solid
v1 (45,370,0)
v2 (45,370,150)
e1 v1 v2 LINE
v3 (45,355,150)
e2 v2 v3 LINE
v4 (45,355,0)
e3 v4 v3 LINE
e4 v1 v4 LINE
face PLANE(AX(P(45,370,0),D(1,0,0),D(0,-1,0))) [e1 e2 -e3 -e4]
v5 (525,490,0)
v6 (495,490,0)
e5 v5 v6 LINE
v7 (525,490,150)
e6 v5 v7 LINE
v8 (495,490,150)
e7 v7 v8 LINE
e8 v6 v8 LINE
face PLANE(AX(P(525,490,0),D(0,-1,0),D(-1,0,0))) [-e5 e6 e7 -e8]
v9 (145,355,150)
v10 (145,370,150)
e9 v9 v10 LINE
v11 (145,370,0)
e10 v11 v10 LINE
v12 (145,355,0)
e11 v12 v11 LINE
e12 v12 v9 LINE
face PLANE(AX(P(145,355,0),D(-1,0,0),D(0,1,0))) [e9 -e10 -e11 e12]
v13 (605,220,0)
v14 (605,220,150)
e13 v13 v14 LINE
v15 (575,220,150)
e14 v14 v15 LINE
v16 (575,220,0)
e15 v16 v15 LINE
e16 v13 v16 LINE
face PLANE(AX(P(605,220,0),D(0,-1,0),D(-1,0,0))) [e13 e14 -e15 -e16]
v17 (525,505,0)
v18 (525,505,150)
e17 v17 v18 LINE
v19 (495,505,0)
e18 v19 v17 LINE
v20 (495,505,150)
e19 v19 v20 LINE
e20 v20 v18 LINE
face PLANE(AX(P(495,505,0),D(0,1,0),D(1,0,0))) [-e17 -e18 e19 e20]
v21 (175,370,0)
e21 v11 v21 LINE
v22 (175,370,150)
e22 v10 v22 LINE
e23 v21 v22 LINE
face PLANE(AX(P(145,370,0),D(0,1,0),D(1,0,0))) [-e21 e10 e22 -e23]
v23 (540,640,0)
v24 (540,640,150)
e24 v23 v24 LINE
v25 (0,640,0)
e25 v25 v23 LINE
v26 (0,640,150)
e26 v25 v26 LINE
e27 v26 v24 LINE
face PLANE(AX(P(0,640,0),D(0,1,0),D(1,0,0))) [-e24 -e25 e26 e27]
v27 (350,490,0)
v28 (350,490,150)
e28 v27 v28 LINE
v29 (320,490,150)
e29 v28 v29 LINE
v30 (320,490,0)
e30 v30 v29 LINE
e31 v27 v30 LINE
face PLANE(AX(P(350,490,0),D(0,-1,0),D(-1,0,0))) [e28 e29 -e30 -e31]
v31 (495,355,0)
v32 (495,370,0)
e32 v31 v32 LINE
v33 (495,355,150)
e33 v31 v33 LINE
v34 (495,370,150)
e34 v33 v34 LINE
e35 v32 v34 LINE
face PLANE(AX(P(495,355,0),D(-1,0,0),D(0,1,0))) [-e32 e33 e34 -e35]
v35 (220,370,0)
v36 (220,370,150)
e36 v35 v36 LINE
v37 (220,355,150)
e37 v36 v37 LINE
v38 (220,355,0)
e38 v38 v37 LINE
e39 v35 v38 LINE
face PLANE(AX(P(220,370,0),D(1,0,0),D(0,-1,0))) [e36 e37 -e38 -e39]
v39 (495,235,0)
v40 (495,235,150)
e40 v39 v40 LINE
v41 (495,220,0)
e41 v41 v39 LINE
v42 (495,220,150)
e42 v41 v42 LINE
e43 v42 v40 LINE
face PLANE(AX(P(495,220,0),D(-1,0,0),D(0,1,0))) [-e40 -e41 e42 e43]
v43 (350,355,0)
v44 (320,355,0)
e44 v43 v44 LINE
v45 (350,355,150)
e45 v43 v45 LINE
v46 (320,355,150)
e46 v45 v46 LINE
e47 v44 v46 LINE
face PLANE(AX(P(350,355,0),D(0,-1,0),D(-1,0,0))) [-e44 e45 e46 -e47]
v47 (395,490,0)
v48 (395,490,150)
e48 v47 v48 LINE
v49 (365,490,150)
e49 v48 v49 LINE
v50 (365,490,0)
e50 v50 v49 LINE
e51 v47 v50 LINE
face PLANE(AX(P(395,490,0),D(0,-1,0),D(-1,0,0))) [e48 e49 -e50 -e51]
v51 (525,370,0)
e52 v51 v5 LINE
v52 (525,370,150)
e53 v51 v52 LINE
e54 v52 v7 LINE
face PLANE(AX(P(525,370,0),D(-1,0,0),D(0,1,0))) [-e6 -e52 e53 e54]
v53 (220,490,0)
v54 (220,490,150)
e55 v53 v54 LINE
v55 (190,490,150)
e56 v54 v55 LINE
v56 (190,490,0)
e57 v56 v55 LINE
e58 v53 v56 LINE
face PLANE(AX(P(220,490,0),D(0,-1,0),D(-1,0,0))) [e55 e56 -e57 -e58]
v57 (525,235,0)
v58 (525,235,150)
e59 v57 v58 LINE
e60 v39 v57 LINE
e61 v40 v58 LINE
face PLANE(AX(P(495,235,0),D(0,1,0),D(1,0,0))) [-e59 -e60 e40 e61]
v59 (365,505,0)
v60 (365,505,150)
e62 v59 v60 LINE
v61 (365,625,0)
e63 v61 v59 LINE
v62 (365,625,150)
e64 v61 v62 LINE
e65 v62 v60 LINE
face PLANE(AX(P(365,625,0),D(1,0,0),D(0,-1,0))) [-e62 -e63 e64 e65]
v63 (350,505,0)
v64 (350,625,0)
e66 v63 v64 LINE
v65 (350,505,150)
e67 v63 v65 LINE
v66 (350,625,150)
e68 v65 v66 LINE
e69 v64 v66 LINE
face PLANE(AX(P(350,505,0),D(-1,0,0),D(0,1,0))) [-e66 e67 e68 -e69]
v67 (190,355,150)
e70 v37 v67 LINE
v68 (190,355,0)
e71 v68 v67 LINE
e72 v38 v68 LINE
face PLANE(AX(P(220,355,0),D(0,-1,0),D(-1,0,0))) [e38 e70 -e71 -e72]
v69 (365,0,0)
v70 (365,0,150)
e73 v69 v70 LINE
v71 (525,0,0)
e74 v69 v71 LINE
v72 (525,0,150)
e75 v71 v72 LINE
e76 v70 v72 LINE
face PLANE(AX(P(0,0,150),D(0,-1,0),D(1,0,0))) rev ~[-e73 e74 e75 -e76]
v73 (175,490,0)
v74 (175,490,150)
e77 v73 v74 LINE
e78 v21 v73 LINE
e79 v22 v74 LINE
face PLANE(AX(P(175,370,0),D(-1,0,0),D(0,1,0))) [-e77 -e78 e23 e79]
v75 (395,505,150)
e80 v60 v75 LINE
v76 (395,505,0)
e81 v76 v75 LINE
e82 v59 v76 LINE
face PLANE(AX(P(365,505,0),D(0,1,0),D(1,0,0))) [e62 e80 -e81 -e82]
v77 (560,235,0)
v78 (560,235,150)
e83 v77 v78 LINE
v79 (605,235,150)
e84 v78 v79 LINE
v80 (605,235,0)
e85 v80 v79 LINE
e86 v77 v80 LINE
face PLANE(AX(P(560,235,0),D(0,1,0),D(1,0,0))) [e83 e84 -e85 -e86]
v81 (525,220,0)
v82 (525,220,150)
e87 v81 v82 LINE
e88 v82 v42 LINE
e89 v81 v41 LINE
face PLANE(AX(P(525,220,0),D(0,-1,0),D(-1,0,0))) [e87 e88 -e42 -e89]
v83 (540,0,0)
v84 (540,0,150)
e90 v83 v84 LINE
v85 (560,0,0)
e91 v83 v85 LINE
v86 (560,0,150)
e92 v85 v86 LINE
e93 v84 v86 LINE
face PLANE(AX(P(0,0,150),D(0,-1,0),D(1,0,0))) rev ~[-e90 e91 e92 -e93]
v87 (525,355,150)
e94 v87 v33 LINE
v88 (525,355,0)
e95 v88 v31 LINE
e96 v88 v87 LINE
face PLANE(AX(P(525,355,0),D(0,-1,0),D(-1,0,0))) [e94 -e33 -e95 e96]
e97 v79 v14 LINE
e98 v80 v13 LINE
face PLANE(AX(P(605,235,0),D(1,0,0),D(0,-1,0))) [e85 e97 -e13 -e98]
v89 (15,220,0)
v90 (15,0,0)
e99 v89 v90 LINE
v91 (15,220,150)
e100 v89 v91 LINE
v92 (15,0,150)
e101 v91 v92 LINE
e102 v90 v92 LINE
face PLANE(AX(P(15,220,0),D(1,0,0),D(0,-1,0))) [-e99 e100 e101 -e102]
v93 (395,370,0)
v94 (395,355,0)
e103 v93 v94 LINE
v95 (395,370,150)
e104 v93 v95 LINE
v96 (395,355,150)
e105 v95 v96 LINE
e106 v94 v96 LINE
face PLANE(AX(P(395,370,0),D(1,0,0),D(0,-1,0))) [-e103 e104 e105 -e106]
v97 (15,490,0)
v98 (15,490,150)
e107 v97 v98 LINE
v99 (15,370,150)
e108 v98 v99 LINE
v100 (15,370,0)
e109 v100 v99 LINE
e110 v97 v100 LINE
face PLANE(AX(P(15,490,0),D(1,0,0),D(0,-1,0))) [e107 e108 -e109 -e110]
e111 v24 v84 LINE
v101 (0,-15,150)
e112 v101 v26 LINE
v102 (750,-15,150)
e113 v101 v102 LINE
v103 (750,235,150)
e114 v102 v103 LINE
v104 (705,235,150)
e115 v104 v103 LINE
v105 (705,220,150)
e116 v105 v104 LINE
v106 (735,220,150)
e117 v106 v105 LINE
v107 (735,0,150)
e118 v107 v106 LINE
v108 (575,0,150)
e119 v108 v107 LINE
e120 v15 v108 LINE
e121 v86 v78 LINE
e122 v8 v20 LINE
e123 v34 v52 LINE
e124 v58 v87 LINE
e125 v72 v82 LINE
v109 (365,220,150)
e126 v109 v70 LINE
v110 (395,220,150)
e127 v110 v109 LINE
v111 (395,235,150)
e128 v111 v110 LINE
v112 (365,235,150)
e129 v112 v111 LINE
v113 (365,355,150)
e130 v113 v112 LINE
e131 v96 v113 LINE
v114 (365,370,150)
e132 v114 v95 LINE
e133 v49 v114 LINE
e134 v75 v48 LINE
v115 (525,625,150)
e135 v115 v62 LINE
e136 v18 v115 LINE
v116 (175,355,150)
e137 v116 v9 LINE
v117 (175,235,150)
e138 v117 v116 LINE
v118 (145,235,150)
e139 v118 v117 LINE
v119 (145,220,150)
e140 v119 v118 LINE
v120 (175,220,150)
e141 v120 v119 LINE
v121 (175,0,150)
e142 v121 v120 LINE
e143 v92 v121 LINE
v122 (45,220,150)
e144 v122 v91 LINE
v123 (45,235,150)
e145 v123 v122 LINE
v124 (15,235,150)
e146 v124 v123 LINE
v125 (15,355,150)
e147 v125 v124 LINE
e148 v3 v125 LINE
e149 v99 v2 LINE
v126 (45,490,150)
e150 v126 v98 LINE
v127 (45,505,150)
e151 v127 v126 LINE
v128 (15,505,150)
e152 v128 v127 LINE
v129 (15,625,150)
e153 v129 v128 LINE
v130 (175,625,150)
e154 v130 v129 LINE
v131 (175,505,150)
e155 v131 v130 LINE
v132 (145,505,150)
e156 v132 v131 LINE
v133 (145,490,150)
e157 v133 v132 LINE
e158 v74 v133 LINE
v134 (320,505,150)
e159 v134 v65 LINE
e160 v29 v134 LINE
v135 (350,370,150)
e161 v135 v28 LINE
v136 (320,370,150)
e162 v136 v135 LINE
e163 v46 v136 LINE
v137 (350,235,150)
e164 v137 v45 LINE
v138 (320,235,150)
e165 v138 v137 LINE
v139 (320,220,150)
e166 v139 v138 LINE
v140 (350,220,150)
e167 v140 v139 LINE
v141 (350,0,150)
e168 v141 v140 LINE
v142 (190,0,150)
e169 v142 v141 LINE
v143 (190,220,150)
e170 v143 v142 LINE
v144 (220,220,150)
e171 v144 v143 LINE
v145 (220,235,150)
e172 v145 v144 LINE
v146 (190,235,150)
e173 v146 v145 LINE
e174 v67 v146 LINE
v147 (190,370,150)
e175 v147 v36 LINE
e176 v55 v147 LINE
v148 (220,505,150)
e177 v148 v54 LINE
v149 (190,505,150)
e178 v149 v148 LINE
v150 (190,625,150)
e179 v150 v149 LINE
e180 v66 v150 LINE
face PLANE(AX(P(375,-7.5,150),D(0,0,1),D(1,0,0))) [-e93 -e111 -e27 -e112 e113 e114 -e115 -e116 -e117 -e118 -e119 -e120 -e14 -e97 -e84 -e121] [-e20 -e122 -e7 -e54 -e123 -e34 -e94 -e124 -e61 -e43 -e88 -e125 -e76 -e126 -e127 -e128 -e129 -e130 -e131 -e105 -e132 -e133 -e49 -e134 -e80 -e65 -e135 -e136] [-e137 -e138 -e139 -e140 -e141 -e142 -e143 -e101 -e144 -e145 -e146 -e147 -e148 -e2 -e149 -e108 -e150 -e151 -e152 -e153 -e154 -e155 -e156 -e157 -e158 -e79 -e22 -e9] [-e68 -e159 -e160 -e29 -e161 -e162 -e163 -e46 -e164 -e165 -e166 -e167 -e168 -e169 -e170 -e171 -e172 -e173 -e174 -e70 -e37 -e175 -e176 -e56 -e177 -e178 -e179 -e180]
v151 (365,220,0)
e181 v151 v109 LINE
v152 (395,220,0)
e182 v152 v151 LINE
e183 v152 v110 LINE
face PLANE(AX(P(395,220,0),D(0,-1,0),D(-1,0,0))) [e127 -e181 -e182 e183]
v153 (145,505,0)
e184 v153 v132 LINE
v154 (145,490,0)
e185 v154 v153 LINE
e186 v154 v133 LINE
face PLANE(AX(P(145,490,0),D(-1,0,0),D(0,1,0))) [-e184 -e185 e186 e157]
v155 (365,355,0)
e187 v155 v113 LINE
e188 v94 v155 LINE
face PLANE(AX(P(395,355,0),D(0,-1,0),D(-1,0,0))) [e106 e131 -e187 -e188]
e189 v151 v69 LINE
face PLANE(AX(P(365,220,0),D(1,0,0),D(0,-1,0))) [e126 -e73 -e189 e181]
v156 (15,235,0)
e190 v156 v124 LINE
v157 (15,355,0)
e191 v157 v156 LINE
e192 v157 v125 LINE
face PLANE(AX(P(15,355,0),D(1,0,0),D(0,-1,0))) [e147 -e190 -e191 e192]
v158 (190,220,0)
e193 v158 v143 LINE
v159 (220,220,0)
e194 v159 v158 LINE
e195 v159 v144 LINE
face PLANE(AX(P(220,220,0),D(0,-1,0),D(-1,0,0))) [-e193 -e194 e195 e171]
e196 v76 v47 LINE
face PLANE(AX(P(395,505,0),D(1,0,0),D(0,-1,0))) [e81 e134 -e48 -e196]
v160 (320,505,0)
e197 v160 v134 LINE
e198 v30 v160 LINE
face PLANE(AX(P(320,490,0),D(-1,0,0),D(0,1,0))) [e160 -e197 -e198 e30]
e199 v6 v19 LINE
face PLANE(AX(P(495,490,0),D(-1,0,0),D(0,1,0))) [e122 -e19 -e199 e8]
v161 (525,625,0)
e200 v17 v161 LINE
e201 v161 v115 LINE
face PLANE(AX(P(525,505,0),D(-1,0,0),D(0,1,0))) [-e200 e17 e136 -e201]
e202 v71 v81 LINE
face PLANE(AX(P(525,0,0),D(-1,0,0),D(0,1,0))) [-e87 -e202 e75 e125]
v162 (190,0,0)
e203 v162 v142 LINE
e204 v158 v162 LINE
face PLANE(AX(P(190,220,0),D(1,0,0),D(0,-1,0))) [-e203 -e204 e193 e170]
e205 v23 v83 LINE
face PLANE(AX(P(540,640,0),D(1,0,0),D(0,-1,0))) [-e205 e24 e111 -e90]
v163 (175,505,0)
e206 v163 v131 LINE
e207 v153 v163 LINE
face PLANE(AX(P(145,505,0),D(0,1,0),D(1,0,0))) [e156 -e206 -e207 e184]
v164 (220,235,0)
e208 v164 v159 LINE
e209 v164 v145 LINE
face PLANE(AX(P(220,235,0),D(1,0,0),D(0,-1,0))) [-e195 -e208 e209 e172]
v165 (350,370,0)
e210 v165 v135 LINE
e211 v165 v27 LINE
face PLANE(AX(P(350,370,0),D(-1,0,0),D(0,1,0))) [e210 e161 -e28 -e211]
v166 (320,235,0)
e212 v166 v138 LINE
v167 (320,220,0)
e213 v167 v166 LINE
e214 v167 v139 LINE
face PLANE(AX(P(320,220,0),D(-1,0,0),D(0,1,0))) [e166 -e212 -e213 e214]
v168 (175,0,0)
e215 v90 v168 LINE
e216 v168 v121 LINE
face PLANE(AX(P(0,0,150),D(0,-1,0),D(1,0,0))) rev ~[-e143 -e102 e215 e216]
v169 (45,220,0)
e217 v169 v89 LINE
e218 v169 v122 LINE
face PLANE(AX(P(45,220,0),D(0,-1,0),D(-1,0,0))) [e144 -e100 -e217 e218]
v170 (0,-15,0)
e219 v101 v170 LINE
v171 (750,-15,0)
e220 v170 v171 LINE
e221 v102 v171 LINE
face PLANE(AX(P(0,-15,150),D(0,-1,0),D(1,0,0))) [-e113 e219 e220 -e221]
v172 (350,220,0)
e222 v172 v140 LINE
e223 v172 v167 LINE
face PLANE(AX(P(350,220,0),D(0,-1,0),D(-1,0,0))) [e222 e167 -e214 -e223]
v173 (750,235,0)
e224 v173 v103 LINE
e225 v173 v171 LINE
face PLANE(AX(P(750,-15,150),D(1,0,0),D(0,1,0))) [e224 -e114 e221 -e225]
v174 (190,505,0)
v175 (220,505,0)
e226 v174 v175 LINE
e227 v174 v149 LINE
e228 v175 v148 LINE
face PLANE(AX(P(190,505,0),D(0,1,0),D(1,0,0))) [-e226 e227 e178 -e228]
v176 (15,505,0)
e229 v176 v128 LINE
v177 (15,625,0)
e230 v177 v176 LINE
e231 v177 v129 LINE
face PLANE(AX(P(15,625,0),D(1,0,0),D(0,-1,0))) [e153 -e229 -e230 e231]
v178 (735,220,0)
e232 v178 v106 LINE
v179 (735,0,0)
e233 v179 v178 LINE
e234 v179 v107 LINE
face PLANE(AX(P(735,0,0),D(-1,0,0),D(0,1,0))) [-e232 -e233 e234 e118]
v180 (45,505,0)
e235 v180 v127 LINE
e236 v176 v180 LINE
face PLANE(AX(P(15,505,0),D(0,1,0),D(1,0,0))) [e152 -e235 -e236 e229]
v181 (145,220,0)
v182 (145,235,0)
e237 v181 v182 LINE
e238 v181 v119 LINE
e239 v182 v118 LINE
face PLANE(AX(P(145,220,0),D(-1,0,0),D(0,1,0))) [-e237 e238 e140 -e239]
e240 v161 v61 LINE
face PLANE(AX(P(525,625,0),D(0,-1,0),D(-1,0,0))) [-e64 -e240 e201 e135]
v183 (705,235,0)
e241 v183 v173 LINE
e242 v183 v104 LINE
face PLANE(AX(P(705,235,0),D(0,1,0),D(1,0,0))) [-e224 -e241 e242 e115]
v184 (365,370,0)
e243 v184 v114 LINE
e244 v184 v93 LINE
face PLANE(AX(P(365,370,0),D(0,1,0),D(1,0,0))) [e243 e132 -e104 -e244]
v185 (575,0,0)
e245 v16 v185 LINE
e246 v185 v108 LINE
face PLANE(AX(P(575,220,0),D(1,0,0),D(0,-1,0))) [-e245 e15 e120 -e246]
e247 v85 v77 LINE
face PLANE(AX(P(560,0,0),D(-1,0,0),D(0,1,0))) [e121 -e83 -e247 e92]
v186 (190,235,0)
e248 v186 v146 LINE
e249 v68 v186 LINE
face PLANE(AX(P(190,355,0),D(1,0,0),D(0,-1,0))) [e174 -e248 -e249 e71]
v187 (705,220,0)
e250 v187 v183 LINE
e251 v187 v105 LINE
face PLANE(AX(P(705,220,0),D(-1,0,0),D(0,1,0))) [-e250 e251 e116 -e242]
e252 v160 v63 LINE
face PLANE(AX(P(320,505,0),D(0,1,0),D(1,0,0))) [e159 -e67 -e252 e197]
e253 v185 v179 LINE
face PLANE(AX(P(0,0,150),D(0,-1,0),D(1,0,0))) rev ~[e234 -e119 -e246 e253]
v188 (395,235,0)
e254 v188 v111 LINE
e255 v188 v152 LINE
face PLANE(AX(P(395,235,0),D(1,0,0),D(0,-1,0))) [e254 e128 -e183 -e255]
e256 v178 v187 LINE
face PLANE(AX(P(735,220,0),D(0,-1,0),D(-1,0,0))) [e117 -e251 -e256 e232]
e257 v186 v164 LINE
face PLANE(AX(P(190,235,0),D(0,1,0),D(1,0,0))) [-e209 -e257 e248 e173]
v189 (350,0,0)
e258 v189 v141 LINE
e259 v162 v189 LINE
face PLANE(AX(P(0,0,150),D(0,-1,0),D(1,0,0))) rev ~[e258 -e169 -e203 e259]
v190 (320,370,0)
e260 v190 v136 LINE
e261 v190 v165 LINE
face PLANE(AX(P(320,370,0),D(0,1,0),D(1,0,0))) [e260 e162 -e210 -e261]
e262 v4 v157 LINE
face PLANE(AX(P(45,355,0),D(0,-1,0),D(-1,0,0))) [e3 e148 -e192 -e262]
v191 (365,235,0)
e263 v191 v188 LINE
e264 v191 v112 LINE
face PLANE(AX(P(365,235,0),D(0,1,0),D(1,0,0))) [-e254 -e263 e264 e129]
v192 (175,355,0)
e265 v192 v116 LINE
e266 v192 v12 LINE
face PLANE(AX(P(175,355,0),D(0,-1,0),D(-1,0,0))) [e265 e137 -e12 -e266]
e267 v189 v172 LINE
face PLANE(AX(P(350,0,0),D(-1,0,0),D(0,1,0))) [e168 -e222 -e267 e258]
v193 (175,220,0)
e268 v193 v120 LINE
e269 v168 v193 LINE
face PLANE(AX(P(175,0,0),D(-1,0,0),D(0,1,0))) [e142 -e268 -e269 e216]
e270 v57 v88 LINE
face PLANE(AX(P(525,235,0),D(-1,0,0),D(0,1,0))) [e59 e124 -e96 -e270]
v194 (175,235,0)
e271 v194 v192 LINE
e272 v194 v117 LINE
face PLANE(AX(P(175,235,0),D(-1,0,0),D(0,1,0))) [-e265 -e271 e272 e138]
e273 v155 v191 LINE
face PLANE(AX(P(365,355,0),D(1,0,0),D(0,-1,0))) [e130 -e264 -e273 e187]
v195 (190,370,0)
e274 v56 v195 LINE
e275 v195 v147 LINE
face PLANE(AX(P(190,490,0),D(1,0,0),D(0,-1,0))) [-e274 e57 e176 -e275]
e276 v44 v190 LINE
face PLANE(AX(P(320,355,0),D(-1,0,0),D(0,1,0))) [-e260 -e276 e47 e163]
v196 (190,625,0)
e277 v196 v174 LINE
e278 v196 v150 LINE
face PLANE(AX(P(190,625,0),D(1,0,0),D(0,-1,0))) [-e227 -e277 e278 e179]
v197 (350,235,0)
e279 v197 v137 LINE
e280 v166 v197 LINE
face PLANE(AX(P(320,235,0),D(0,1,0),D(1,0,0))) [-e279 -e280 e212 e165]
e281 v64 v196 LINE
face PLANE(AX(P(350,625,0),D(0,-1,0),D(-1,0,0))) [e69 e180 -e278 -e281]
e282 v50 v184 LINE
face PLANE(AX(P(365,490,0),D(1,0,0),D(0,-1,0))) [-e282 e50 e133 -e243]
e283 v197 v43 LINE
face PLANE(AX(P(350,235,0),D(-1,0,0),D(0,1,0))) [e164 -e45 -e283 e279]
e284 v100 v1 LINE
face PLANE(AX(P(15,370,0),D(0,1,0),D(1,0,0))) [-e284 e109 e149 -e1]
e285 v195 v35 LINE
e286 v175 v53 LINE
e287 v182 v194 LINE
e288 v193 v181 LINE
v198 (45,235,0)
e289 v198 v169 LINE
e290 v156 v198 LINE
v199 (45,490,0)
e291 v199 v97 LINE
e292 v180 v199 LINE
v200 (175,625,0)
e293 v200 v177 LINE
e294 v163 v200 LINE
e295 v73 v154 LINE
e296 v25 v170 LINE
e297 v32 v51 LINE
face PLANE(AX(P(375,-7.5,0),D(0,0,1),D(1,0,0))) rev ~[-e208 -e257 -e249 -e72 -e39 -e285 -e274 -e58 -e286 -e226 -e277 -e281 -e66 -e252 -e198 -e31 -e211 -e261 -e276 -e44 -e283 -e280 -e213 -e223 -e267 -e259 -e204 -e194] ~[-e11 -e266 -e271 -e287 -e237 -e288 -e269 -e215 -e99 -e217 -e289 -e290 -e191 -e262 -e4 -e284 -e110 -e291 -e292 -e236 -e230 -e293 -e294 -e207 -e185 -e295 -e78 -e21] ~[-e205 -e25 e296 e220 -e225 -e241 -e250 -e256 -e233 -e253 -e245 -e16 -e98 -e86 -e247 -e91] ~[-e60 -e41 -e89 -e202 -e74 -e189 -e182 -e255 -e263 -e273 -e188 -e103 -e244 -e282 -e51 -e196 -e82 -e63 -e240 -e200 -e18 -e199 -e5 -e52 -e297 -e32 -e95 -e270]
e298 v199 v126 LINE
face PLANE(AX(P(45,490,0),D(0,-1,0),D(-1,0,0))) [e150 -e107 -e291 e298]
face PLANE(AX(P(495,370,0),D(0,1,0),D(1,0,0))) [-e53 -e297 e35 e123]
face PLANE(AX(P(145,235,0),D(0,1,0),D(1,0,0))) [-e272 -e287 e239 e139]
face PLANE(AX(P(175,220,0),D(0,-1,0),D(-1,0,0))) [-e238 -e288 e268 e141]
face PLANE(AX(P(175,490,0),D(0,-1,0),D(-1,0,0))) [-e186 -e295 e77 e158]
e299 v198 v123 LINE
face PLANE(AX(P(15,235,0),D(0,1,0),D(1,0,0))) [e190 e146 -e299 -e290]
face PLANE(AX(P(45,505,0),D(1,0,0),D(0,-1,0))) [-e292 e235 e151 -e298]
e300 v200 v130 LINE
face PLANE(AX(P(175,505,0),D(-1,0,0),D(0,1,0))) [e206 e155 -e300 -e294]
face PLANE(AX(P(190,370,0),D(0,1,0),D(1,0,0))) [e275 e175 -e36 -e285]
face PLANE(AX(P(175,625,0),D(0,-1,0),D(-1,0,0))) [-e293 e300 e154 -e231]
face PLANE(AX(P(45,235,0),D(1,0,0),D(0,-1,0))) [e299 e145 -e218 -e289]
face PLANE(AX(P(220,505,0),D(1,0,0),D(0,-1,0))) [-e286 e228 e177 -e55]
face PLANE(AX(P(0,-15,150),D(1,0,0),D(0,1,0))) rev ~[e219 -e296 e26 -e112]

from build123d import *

# Parameters (mm, degrees)
BOSS_EXTRUDE1_DEPTH   = 150
BOSS_EXTRUDE2_DEPTH   = 150
BOSS_EXTRUDE2_2_DEPTH = 150
SKETCH3_W             = 750
SKETCH3_H             = 15
BOSS_EXTRUDE3_DEPTH   = 150


with BuildPart() as part:
    # Sketch1 → Boss-Extrude1 (new body)
    with BuildSketch(Plane.XY):
        Polygon((0, 640), (540, 640), (540, 0), (525, 0), (525, 220), (495, 220), (495, 235), (525, 235), (525, 355), (495, 355), (495, 370), (525, 370), (525, 490), (495, 490), (495, 505), (525, 505), (525, 625), (365, 625), (365, 505), (395, 505), (395, 490), (365, 490), (365, 370), (395, 370), (395, 355), (365, 355), (365, 235), (395, 235), (395, 220), (365, 220), (365, 0), (350, 0), (350, 220), (320, 220), (320, 235), (350, 235), (350, 355), (320, 355), (320, 370), (350, 370), (350, 490), (320, 490), (320, 505), (350, 505), (350, 625), (190, 625), (190, 505), (220, 505), (220, 490), (190, 490), (190, 370), (220, 370), (220, 355), (190, 355), (190, 235), (220, 235), (220, 220), (190, 220), (190, 0), (175, 0), (175, 220), (145, 220), (145, 235), (175, 235), (175, 355), (145, 355), (145, 370), (175, 370), (175, 490), (145, 490), (145, 505), (175, 505), (175, 625), (15, 625), (15, 505), (45, 505), (45, 490), (15, 490), (15, 370), (45, 370), (45, 355), (15, 355), (15, 235), (45, 235), (45, 220), (15, 220), (15, 0), (0, 0), align=None)
    extrude(amount=BOSS_EXTRUDE1_DEPTH)



with BuildPart() as body_2:
    # Sketch2 → Boss-Extrude2 (new body)
    with BuildSketch(Plane.XY):
        Polygon((560, 235), (605, 235), (605, 220), (575, 220), (575, 0), (560, 0), align=None)
    extrude(amount=BOSS_EXTRUDE2_DEPTH)


with BuildPart() as body_3:
    # Sketch2 → Boss-Extrude2 2 (new body)
    with BuildSketch(Plane.XY):
        Polygon((735, 0), (735, 220), (705, 220), (705, 235), (750, 235), (750, 0), align=None)
    extrude(amount=BOSS_EXTRUDE2_2_DEPTH)


with BuildPart() as part_1:
    add(part.part)

    add(body_2.part)  # Boss-Extrude3 merges body 2

    add(body_3.part)  # Boss-Extrude3 merges body 3
    # Sketch3 → Boss-Extrude3 (add)
    with BuildSketch(Plane.XY.offset(150)):
        with Locations((375, -7.5)):
            Rectangle(SKETCH3_W, SKETCH3_H)
    extrude(amount=-BOSS_EXTRUDE3_DEPTH)


solid = part_1.part
